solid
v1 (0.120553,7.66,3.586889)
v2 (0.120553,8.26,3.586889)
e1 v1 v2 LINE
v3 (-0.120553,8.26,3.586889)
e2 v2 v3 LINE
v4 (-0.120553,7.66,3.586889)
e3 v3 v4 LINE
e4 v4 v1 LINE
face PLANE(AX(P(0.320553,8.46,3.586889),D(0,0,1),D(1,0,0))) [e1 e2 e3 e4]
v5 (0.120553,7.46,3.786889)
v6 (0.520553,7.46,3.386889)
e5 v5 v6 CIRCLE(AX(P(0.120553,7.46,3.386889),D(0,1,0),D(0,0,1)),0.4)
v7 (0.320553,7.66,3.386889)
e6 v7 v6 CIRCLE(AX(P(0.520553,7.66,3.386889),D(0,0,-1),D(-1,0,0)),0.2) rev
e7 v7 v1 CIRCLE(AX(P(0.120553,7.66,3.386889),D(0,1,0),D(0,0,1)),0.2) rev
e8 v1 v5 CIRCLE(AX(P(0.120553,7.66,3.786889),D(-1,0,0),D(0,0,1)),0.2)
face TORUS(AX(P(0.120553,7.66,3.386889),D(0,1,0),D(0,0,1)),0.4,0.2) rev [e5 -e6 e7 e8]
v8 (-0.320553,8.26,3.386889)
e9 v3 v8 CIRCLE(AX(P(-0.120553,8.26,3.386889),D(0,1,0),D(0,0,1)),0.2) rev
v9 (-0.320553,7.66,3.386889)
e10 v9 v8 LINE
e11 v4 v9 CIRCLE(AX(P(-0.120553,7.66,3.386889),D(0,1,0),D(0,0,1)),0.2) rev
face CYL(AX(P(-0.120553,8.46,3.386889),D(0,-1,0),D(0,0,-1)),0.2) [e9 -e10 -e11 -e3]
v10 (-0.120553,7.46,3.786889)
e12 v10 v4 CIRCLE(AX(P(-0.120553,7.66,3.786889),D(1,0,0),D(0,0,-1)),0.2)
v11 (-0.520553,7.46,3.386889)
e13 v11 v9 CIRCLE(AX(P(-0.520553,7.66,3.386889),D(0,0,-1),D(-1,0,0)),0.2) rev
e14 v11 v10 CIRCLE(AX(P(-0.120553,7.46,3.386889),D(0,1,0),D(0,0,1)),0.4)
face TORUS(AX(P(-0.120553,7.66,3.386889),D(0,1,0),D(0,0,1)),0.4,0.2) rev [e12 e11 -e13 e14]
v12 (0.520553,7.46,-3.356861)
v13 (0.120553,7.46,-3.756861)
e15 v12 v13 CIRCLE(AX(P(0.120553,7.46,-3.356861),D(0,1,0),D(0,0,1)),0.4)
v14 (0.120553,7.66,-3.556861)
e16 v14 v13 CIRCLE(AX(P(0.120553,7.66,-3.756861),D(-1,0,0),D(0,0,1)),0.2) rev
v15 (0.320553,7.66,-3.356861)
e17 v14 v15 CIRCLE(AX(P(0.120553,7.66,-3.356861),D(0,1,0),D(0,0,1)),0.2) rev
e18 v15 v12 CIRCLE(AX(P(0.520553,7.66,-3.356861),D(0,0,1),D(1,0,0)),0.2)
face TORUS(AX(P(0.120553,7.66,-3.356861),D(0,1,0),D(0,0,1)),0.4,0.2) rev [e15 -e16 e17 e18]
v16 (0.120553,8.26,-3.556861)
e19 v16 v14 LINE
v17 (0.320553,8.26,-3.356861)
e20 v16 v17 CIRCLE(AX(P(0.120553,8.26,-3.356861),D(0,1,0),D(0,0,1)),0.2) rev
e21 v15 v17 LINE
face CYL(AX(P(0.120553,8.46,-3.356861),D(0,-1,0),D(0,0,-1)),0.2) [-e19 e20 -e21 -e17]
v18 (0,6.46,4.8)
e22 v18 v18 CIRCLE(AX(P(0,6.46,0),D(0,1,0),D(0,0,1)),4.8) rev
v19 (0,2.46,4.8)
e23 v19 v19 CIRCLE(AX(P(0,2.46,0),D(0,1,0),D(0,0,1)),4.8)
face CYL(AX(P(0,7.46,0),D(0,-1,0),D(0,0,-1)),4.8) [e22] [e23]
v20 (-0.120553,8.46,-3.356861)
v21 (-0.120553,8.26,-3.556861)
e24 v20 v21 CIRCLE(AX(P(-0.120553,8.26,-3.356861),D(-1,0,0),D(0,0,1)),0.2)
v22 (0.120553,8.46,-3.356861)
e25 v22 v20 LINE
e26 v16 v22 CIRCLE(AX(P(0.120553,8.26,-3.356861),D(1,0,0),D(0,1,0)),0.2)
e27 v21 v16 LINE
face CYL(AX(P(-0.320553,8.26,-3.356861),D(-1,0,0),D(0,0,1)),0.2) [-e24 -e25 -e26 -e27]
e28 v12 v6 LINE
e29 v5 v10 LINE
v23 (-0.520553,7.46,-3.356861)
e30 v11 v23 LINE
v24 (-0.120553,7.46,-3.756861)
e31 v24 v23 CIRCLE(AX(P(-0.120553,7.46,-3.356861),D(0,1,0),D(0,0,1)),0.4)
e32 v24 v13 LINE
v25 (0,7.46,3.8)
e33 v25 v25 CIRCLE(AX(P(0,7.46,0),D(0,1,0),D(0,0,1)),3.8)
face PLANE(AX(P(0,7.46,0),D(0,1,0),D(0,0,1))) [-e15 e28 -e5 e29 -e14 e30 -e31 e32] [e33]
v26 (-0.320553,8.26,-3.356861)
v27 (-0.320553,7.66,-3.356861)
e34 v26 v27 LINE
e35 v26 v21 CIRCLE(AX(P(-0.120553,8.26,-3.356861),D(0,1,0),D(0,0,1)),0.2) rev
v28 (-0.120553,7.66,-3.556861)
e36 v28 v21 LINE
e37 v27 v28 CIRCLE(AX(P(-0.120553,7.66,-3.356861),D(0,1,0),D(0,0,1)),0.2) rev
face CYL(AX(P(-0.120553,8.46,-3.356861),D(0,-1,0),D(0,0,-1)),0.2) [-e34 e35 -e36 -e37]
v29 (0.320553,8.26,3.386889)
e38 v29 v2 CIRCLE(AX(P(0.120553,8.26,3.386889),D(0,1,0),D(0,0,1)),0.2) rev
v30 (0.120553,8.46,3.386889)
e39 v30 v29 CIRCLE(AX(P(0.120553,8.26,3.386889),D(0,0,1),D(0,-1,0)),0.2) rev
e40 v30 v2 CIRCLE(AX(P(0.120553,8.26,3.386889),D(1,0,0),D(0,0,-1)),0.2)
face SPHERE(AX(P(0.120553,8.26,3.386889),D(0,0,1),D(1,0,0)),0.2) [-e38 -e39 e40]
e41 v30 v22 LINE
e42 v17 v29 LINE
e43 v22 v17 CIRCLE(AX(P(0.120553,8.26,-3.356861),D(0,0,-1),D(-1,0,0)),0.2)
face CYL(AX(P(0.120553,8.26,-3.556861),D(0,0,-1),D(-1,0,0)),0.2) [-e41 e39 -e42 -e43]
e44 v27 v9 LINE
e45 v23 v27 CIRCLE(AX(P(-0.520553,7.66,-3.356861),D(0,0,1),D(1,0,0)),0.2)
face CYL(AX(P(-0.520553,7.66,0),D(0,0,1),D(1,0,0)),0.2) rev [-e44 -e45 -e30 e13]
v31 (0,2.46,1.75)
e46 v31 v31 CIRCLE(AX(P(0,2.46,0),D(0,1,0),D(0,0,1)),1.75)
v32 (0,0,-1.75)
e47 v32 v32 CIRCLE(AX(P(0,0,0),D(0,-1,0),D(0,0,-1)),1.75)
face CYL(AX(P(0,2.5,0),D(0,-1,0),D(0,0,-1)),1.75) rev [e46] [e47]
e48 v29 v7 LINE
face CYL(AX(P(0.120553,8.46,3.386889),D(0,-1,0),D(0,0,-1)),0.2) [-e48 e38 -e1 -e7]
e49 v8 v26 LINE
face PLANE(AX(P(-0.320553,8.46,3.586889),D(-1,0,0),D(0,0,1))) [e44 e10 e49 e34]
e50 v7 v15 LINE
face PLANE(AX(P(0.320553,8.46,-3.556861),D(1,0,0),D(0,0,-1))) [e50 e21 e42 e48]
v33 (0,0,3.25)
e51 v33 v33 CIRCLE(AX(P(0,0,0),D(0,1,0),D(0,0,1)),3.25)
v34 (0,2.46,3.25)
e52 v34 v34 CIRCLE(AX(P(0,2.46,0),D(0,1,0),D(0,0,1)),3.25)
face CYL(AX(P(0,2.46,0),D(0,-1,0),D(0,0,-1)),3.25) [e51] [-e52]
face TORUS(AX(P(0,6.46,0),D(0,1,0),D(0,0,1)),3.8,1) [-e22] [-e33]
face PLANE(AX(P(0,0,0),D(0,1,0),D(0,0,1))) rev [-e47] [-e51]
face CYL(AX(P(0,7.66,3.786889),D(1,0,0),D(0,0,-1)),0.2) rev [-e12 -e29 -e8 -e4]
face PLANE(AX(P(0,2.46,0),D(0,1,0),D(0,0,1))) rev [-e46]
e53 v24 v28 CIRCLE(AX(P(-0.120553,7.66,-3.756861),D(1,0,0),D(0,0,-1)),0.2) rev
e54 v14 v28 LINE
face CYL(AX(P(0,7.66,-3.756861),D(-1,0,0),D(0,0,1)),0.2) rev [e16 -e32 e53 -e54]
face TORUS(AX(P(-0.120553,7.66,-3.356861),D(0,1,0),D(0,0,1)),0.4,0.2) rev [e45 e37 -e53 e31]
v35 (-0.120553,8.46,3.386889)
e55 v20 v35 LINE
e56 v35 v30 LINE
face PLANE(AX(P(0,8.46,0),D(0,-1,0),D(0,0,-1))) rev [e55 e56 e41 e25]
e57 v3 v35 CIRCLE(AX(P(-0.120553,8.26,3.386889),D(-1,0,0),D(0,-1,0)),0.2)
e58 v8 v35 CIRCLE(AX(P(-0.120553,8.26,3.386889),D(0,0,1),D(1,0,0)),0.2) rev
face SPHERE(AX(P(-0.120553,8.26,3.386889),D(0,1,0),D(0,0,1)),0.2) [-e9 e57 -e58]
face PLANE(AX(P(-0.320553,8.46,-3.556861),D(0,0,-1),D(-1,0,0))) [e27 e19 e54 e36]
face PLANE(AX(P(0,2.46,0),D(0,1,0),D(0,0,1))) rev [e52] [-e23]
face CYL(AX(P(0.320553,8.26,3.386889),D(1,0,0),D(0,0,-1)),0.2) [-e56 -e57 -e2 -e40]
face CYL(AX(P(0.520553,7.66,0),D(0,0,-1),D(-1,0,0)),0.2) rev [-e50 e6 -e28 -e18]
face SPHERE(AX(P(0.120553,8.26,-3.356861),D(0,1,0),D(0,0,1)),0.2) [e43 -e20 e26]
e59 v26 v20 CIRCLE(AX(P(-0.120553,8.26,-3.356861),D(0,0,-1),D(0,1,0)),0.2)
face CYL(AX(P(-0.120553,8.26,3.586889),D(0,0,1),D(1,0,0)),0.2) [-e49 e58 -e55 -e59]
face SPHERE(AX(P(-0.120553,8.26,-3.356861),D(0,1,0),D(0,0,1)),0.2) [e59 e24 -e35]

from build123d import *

# Parameters (mm, degrees)
SKETCH1_R           = 3.25
BOSS_EXTRUDE1_DEPTH = 2.46
SKETCH2_R           = 1.75
CUT_EXTRUDE1_DEPTH  = 2.5
SKETCH6_R           = 4.8
BOSS_EXTRUDE2_DEPTH = 5
SKETCH11_W          = 0.64110577
SKETCH11_H          = 7.14375
BOSS_EXTRUDE4_DEPTH = 1
FILLET1_R           = 0.2
FILLET2_R           = 1


with BuildPart() as part:
    # Sketch1 → Boss-Extrude1 (new body)
    with BuildSketch(Plane(origin=(0, 0, 0), x_dir=(1, 0, 0), z_dir=(0, 1, 0))):
        with Locations(Location((0, 0, 0), (0, 0, 270))):
            Circle(SKETCH1_R)
    extrude(amount=BOSS_EXTRUDE1_DEPTH)

    # Sketch2 → Cut-Extrude1 (cut)
    with BuildSketch(Plane.XZ):
        with Locations(Location((0, 0, 0), (0, 0, 270))):
            Circle(SKETCH2_R)
    extrude(amount=-CUT_EXTRUDE1_DEPTH, mode=Mode.SUBTRACT)

    # Sketch6 → Boss-Extrude2 (add)
    with BuildSketch(Plane(origin=(0, 2.46, 0), x_dir=(1, 0, 0), z_dir=(0, 1, 0))):
        with Locations(Location((0, 0, 0), (0, 0, 270))):
            Circle(SKETCH6_R)
    extrude(amount=BOSS_EXTRUDE2_DEPTH)

    # Sketch11 → Boss-Extrude4 (add)
    with BuildSketch(Plane(origin=(0, 7.46, 0), x_dir=(1, 0, 0), z_dir=(0, 1, 0))):
        with Locations((0, -0.015014366)):
            Rectangle(SKETCH11_W, SKETCH11_H)
    extrude(amount=BOSS_EXTRUDE4_DEPTH)

    # Fillet1
    fillet1_edges = [part.edges().sort_by_distance(p)[0] for p in [
        (-0.320552885, 8.46, 0.015014366),
        (-0.320552885, 7.96, -3.556860634),
        (0, 8.46, 3.586889366),
        (-0.320552885, 7.96, 3.586889366),
        (0.320552885, 8.46, 0.015014366),
        (0.320552885, 7.96, 3.586889366),
        (0, 8.46, -3.556860634),
        (0.320552885, 7.96, -3.556860634),
        (-0.320552885, 7.46, 0.015014366),
        (0, 7.46, -3.556860634),
        (0.320552885, 7.46, 0.015014366),
        (0, 7.46, 3.586889366),
    ]]
    fillet(fillet1_edges, radius=FILLET1_R)

    # Fillet2
    fillet2_edges = [part.edges().sort_by_distance(p)[0] for p in [
        (0, 7.46, -4.8),
    ]]
    fillet(fillet2_edges, radius=FILLET2_R)


solid = part.part
